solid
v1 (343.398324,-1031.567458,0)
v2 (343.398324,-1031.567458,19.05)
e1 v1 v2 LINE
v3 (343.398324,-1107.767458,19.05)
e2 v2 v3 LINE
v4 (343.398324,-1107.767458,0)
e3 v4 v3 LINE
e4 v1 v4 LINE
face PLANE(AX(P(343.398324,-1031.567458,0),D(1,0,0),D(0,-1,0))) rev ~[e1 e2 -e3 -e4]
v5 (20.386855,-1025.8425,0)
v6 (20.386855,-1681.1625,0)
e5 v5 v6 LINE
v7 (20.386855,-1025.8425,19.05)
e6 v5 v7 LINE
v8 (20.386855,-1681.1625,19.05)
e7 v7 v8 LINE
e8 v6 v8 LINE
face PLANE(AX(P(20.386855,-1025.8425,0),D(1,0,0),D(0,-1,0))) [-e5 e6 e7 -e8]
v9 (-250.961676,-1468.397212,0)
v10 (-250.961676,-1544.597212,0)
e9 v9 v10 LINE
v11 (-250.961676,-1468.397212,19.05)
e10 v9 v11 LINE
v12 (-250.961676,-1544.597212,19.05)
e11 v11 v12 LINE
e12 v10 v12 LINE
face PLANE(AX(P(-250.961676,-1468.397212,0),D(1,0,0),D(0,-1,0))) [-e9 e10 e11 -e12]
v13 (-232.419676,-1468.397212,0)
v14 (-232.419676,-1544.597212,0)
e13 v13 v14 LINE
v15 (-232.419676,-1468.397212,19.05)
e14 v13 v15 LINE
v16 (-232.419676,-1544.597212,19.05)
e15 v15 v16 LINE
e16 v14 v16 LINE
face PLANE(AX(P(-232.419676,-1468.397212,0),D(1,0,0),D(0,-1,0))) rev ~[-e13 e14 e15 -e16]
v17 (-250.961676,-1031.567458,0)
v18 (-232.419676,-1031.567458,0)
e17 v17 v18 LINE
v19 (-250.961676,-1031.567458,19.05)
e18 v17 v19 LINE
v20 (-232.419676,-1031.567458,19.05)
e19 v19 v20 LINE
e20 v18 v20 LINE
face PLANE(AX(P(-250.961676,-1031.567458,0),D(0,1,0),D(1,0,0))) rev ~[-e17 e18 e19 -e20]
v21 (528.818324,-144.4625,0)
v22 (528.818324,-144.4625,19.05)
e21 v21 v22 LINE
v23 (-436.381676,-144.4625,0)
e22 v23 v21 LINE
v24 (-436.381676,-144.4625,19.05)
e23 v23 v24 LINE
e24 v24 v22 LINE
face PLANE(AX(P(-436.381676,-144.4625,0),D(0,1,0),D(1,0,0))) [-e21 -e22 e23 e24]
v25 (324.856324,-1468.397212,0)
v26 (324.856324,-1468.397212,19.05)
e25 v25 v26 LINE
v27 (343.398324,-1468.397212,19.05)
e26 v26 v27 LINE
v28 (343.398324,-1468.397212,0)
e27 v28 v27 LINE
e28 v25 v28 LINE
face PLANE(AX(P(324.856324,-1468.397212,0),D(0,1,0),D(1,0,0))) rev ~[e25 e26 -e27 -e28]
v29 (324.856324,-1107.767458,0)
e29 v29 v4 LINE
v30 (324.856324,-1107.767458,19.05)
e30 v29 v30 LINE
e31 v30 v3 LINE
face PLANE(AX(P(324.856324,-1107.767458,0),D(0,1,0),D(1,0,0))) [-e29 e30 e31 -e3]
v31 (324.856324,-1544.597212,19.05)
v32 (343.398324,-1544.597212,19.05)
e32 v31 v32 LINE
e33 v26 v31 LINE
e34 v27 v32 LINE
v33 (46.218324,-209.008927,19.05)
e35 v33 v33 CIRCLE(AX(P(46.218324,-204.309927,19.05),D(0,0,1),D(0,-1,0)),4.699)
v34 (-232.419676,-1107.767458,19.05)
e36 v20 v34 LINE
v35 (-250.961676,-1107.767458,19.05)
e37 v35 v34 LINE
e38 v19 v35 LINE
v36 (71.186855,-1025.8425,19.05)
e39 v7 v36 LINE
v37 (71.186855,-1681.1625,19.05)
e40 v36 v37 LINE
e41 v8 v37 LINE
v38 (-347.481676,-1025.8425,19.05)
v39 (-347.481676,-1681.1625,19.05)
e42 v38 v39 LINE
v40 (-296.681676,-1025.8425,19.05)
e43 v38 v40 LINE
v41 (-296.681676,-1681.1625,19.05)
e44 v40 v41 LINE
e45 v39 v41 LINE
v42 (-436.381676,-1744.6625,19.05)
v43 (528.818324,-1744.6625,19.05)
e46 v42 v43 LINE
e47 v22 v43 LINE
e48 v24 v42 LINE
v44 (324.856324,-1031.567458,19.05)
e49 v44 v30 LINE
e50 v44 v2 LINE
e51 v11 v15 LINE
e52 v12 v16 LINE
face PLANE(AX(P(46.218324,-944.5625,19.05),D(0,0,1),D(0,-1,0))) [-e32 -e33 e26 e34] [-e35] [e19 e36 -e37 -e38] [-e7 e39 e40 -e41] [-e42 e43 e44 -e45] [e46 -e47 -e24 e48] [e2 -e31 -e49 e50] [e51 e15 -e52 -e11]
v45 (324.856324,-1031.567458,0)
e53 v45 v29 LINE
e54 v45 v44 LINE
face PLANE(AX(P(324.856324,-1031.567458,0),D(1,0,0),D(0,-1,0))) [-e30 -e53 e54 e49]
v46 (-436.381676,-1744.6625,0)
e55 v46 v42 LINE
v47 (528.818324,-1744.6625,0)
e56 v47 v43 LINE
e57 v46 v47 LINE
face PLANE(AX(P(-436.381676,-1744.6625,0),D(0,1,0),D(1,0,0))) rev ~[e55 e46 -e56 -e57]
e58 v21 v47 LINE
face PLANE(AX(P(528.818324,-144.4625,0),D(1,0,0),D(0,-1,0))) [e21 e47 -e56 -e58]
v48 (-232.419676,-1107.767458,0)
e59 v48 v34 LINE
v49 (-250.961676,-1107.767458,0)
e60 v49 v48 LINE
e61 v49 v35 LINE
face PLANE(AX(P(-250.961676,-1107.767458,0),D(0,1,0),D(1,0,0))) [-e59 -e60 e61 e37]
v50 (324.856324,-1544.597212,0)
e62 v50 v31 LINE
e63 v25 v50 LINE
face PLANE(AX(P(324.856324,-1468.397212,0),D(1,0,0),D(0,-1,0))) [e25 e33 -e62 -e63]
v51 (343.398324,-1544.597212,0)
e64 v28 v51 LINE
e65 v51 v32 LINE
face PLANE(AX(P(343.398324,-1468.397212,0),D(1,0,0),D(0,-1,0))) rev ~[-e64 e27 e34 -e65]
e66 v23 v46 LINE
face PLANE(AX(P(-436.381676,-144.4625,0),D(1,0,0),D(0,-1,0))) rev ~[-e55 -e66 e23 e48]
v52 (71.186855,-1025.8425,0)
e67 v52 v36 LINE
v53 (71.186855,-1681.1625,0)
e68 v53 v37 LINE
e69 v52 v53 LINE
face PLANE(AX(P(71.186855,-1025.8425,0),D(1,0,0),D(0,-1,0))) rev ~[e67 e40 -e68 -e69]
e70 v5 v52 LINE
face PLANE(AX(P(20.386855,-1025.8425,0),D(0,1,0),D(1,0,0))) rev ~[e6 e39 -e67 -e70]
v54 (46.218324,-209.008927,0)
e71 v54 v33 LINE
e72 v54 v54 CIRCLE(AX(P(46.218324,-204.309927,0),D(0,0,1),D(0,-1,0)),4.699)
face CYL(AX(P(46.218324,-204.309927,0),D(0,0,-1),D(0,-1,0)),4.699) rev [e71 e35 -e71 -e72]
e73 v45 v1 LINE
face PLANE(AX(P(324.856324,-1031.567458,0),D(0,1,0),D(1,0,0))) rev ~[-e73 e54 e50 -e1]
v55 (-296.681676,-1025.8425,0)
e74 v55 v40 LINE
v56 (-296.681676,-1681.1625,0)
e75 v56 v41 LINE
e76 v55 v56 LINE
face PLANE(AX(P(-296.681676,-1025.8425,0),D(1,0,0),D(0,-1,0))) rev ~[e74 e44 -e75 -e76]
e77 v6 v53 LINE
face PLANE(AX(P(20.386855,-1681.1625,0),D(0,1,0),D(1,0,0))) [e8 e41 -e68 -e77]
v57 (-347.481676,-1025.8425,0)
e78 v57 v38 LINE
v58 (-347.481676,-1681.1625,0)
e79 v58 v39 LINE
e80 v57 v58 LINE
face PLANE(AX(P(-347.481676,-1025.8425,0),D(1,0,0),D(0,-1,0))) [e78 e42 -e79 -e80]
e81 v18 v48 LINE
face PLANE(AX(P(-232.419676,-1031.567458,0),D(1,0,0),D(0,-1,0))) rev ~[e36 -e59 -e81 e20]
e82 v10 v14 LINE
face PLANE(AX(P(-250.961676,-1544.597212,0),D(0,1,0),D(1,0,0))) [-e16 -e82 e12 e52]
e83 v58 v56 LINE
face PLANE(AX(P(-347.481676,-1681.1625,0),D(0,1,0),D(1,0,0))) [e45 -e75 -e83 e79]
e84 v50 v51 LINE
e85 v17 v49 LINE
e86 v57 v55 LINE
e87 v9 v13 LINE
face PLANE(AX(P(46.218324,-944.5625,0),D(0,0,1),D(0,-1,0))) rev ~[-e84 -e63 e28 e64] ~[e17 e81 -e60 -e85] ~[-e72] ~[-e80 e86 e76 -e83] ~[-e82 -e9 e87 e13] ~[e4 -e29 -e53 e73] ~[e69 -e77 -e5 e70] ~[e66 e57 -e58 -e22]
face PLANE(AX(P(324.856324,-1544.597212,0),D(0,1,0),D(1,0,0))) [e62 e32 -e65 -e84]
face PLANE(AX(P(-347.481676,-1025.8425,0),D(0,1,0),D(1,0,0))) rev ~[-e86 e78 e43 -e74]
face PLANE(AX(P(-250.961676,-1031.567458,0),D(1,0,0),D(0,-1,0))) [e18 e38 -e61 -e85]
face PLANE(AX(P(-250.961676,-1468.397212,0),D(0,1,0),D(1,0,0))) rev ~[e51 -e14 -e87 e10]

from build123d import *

# Parameters (mm, degrees)
F0_W     = 1600.2
F0_H     = 965.2
F0_W_2   = 76.2
F0_H_2   = 18.542
F0_W_3   = 655.32
F0_H_3   = 50.8
F0_R     = 4.699
F1_DEPTH = 19.05
F2_ANGLE = 90


with BuildPart() as f1:
    # F0 (on Top) → F1 (new body)
    with BuildSketch(Plane.XY):
        with Locations((363.7183239174, 338.137499957)):
            Rectangle(F0_W, F0_H)
        with Locations((488.823281765, 50.228499957)):
            Rectangle(F0_W_2, F0_H_2, mode=Mode.SUBTRACT)
        with Locations((772.6583239174, -30.162500043)):
            Rectangle(F0_W_3, F0_H_3, mode=Mode.SUBTRACT)
        with Locations((925.6530362129, 50.228499957)):
            Rectangle(F0_W_2, F0_H_2, mode=Mode.SUBTRACT)
        with Locations((772.6583239174, 337.7060310411)):
            Rectangle(F0_W_3, F0_H_3, mode=Mode.SUBTRACT)
        with Locations((-376.5342487335, 338.137499957)):
            Circle(F0_R, mode=Mode.SUBTRACT)
        with Locations((488.823281765, 626.046499957)):
            Rectangle(F0_W_2, F0_H_2, mode=Mode.SUBTRACT)
        with Locations((925.6530362129, 626.046499957)):
            Rectangle(F0_W_2, F0_H_2, mode=Mode.SUBTRACT)
    extrude(amount=F1_DEPTH)


with BuildPart() as f1_1:
    # F2: moved
    add(f1.part.rotate(Axis((-436.3816760826, -144.462500043, 9.525), (0, 0, -1)), F2_ANGLE))


solid = f1_1.part
